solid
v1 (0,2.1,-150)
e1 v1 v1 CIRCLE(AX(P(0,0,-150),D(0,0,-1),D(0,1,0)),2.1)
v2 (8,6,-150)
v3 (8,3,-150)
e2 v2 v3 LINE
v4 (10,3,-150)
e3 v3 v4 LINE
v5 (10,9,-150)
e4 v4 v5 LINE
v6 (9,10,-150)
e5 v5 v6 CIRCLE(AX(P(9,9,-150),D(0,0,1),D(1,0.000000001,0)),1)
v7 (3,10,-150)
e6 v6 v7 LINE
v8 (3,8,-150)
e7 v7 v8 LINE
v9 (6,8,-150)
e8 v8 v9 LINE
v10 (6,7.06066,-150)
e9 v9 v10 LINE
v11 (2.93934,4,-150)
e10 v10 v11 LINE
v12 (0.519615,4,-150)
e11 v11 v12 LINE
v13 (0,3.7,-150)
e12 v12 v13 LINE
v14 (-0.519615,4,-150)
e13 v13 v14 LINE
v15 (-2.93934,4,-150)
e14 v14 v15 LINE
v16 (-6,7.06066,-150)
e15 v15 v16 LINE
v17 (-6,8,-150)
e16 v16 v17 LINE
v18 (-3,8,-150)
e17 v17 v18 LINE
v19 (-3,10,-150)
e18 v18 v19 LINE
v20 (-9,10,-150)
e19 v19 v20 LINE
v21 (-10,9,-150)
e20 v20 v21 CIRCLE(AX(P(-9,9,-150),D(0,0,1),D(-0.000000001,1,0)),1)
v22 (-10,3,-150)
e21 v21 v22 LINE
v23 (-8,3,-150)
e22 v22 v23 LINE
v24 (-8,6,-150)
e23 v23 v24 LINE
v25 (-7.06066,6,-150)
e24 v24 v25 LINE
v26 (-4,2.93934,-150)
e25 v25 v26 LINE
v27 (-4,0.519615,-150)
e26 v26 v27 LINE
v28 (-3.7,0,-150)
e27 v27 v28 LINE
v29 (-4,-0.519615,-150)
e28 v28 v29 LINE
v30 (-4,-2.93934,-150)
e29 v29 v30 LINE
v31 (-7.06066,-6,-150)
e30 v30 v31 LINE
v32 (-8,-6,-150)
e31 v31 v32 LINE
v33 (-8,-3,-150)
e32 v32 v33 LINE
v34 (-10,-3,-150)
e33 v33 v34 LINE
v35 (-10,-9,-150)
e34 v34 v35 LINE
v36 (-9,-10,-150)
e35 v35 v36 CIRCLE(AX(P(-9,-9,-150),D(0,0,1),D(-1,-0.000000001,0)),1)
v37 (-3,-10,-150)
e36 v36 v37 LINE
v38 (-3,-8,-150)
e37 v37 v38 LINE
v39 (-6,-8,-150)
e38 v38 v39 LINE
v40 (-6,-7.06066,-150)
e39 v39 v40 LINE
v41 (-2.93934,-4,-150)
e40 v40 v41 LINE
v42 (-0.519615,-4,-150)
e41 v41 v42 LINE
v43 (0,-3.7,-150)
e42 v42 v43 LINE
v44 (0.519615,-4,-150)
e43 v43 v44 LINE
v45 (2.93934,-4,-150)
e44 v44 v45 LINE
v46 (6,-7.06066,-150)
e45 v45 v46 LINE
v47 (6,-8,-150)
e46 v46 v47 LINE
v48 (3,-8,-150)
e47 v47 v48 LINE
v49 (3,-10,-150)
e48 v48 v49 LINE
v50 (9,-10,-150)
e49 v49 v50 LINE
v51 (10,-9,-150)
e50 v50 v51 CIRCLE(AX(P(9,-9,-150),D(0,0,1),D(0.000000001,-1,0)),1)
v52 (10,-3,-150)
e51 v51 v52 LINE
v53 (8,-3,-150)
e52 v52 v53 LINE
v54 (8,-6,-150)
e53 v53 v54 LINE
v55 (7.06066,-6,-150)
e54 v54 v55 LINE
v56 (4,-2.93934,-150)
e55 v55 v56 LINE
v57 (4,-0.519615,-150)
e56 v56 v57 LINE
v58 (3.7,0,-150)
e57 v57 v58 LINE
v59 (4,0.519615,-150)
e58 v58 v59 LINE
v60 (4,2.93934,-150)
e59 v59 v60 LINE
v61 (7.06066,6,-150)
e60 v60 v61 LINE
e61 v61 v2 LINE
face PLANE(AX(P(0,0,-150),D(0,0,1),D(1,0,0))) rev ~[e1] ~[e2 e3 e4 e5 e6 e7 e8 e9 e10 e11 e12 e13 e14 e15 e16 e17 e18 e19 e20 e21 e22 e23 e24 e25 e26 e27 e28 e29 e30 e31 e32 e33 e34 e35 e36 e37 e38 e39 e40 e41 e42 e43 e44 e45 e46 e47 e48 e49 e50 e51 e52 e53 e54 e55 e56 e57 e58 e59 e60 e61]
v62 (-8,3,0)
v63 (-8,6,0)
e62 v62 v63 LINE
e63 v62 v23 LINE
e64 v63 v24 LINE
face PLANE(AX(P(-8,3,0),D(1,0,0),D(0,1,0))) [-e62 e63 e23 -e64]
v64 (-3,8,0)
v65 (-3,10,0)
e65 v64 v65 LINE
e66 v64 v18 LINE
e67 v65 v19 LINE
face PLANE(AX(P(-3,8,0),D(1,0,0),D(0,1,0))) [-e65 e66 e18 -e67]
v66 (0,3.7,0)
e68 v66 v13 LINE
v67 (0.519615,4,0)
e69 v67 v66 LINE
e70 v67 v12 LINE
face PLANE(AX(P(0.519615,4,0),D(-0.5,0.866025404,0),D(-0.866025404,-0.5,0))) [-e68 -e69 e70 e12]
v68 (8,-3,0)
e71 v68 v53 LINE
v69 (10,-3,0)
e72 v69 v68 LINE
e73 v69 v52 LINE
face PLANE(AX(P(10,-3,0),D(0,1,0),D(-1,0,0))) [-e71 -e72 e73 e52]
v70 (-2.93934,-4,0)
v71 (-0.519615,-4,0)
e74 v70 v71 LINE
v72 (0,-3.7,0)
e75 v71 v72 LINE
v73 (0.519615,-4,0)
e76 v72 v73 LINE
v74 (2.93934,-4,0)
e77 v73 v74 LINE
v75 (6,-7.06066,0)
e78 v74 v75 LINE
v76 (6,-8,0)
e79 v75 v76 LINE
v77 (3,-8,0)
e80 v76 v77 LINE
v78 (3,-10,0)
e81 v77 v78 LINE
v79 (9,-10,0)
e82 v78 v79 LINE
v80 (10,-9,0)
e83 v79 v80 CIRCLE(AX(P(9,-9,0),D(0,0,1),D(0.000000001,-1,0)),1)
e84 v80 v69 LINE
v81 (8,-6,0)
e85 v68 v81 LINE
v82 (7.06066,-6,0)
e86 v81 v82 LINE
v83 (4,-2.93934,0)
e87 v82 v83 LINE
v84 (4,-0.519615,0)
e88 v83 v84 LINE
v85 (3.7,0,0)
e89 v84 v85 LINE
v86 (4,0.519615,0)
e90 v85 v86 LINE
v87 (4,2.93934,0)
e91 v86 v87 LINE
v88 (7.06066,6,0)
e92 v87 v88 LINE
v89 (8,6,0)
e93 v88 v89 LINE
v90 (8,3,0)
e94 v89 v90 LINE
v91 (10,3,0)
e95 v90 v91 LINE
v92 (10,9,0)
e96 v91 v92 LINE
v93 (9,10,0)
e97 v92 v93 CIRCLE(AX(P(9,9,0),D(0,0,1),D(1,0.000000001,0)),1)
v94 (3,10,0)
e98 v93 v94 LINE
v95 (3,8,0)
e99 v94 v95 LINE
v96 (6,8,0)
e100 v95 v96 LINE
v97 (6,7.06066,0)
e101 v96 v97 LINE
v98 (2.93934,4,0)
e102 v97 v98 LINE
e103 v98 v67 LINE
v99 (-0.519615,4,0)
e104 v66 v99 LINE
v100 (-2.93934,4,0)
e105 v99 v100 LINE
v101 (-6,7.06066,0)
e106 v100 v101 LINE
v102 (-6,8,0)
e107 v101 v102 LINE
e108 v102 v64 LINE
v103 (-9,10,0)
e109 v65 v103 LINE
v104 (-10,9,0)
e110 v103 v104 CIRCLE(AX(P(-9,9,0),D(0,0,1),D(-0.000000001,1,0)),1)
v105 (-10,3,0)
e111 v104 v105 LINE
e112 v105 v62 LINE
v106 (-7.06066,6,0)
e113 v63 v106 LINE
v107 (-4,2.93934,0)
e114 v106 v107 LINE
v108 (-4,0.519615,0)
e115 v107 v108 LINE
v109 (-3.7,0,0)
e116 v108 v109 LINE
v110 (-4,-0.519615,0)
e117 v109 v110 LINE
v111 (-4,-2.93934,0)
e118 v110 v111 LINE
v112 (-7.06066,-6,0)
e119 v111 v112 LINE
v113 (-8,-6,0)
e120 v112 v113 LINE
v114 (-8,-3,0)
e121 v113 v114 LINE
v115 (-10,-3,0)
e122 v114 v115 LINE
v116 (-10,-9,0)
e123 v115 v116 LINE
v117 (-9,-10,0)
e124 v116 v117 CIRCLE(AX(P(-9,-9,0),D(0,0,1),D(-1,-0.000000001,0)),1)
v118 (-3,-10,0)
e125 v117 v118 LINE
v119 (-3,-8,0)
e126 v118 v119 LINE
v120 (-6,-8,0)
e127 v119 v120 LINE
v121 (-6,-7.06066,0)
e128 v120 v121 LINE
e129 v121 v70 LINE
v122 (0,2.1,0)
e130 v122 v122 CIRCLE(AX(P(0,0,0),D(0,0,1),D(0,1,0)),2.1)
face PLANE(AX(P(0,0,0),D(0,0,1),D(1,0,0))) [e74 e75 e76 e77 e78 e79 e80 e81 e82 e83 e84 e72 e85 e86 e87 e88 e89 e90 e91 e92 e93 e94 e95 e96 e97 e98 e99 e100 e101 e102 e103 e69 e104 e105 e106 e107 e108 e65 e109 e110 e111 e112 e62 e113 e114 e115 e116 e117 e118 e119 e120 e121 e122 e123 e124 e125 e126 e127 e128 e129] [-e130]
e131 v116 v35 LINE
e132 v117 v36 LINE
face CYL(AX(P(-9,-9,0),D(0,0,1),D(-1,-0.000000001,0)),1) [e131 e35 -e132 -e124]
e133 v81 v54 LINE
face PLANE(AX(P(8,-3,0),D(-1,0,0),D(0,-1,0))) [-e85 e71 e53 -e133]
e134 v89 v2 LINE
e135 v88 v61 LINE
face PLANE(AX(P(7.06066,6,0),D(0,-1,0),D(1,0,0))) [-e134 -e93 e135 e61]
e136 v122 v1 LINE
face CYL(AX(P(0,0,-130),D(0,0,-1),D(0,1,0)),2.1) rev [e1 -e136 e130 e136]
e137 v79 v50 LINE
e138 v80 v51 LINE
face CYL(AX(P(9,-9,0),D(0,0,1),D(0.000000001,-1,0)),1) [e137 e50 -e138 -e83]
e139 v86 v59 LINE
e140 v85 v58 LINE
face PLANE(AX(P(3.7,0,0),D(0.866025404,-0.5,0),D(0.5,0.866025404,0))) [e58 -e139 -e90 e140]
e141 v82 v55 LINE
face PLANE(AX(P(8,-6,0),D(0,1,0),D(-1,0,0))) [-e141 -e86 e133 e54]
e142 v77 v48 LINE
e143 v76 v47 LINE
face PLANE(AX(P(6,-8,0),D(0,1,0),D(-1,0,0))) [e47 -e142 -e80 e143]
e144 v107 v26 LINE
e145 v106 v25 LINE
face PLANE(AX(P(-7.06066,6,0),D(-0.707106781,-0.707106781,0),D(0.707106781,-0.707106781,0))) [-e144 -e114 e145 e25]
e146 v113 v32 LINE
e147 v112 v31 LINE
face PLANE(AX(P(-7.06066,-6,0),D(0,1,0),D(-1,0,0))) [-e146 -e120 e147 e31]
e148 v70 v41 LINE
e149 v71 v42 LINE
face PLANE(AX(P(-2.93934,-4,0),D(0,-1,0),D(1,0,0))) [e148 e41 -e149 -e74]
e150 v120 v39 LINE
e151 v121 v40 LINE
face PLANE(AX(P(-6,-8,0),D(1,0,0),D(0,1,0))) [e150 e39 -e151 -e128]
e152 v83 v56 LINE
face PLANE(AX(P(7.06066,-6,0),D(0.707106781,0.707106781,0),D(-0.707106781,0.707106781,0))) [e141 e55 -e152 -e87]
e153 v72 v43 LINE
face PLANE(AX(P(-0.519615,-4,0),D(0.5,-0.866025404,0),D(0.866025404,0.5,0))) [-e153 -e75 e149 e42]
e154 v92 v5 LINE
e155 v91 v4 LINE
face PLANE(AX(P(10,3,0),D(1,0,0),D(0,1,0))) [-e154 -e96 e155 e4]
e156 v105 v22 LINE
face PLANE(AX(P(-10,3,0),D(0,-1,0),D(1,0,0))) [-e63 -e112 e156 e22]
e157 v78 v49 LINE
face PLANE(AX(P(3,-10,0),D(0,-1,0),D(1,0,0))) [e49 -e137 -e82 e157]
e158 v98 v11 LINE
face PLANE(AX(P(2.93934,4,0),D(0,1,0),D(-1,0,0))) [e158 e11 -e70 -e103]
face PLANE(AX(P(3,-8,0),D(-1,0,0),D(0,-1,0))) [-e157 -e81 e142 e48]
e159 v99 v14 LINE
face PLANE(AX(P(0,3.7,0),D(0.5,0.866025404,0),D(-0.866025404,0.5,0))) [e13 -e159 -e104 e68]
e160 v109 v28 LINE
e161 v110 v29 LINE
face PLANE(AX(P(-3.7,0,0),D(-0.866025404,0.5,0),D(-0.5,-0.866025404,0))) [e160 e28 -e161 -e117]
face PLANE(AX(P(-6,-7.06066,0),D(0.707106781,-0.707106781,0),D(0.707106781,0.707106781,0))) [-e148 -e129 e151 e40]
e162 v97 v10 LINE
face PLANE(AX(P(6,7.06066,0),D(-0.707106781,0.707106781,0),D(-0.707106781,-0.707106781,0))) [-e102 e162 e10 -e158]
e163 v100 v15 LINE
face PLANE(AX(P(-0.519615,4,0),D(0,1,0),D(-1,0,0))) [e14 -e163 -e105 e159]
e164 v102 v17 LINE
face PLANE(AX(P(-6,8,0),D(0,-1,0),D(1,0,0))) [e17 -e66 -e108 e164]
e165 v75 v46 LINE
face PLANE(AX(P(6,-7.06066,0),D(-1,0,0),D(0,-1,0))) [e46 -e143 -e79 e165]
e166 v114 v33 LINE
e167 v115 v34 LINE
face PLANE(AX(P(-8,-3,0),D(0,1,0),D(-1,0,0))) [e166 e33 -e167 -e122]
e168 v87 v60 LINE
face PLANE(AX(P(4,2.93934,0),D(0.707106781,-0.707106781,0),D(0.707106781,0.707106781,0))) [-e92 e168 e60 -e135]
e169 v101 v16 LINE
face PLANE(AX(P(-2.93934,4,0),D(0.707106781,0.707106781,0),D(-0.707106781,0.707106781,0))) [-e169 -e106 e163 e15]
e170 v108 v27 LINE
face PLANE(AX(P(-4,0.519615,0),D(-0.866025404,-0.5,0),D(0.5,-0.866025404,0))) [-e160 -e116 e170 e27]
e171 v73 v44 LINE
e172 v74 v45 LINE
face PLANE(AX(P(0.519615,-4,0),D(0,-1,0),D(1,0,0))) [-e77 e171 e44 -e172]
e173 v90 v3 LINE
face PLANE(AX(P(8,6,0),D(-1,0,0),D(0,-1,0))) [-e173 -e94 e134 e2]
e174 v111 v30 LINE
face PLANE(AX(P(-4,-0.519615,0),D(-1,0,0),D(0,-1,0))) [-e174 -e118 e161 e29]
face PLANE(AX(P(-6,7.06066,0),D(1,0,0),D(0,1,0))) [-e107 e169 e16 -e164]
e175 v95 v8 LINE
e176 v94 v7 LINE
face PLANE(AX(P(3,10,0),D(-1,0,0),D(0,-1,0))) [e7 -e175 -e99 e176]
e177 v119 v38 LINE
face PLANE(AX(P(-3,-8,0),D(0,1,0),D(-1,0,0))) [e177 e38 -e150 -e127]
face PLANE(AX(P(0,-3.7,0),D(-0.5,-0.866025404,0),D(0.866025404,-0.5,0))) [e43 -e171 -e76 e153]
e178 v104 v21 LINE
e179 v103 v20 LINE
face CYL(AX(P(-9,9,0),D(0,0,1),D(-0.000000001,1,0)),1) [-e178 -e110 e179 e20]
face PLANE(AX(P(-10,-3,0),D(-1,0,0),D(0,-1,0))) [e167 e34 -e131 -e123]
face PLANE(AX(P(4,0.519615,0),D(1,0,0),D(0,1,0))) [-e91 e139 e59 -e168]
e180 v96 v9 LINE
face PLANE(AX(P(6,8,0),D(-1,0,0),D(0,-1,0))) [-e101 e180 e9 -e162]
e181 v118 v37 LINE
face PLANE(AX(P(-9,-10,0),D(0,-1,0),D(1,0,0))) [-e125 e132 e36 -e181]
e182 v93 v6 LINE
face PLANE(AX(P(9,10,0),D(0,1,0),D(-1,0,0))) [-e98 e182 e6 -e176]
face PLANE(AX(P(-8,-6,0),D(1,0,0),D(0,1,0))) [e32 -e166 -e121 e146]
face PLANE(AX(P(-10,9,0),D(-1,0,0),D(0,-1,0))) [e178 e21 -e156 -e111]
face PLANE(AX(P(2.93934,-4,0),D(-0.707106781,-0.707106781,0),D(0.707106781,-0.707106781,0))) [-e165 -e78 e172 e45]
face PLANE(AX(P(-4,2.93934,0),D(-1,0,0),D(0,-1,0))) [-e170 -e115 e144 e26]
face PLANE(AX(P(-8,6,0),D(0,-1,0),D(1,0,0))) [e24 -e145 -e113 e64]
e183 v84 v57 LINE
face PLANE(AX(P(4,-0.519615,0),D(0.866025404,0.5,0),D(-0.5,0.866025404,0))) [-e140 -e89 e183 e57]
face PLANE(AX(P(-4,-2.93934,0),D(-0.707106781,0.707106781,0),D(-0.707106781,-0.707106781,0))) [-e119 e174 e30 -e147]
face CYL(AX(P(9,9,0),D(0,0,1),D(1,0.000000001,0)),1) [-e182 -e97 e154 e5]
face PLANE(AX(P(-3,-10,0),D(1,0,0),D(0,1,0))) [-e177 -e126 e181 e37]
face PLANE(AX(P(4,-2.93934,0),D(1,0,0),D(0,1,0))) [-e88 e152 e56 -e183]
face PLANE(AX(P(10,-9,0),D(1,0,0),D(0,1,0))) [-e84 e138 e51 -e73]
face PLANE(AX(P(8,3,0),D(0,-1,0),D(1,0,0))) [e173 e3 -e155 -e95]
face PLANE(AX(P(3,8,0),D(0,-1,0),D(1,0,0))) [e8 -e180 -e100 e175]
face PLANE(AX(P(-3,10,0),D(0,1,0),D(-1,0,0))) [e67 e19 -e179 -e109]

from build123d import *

# Parameters (mm, degrees)
EXTRUDE_1_DEPTH = 150
SKETCH_2_W      = 260
SKETCH_2_H      = 2.1


with BuildPart() as part:
    # ｽｹｯﾁ1 → ﾎﾞｽ - 押し出し1 (new body)
    with BuildSketch(Plane.XY):
        with BuildLine():
            Line((-10, -3), (-10, -9))
            ThreePointArc((-10, -9), (-9.707106781, -9.707106781), (-9, -10))
            Line((-9, -10), (-3, -10))
            Line((-3, -10), (-3, -8))
            Line((-3, -8), (-6, -8))
            Line((-6, -8), (-6, -7.060660172))
            Line((-6, -7.060660172), (-2.939339828, -4))
            Line((-2.939339828, -4), (-0.519615242, -4))
            Line((-0.519615242, -4), (0, -3.7))
            Line((0, -3.7), (0.519615242, -4))
            Line((0.519615242, -4), (2.939339828, -4))
            Line((2.939339828, -4), (6, -7.060660172))
            Line((6, -7.060660172), (6, -8))
            Line((6, -8), (3, -8))
            Line((3, -8), (3, -10))
            Line((3, -10), (9, -10))
            ThreePointArc((9, -10), (9.707106781, -9.707106781), (10, -9))
            Line((10, -9), (10, -3))
            Line((10, -3), (8, -3))
            Line((8, -3), (8, -6))
            Line((8, -6), (7.060660172, -6))
            Line((7.060660172, -6), (4, -2.939339828))
            Line((4, -2.939339828), (4, -0.519615242))
            Line((4, -0.519615242), (3.7, 0))
            Line((3.7, 0), (4, 0.519615242))
            Line((4, 0.519615242), (4, 2.939339828))
            Line((4, 2.939339828), (7.060660172, 6))
            Line((7.060660172, 6), (8, 6))
            Line((8, 6), (8, 3))
            Line((8, 3), (10, 3))
            Line((10, 3), (10, 9))
            ThreePointArc((10, 9), (9.707106781, 9.707106781), (9, 10))
            Line((9, 10), (3, 10))
            Line((3, 10), (3, 8))
            Line((3, 8), (6, 8))
            Line((6, 8), (6, 7.060660172))
            Line((6, 7.060660172), (2.939339828, 4))
            Line((2.939339828, 4), (0.519615242, 4))
            Line((0.519615242, 4), (0, 3.7))
            Line((0, 3.7), (-0.519615242, 4))
            Line((-0.519615242, 4), (-2.939339828, 4))
            Line((-2.939339828, 4), (-6, 7.060660172))
            Line((-6, 7.060660172), (-6, 8))
            Line((-6, 8), (-3, 8))
            Line((-3, 8), (-3, 10))
            Line((-3, 10), (-9, 10))
            ThreePointArc((-9, 10), (-9.707106781, 9.707106781), (-10, 9))
            Line((-10, 9), (-10, 3))
            Line((-10, 3), (-8, 3))
            Line((-8, 3), (-8, 6))
            Line((-8, 6), (-7.060660172, 6))
            Line((-7.060660172, 6), (-4, 2.939339828))
            Line((-4, 2.939339828), (-4, 0.519615242))
            Line((-4, 0.519615242), (-3.7, 0))
            Line((-3.7, 0), (-4, -0.519615242))
            Line((-4, -0.519615242), (-4, -2.939339828))
            Line((-4, -2.939339828), (-7.060660172, -6))
            Line((-7.060660172, -6), (-8, -6))
            Line((-8, -6), (-8, -3))
            Line((-8, -3), (-10, -3))
        make_face()
    extrude(amount=-EXTRUDE_1_DEPTH)

    # ｽｹｯﾁ2 → ｶｯﾄ - 回転1 (revolve, cut)
    with BuildSketch(Plane(origin=(0, 0, 0), x_dir=(0, 0, -1), z_dir=(1, 0, 0))):
        with Locations((130, 1.05)):
            Rectangle(SKETCH_2_W, SKETCH_2_H)
    revolve(axis=Axis((0, 0, -260), (0, 0, 1)), mode=Mode.SUBTRACT)


solid = part.part
